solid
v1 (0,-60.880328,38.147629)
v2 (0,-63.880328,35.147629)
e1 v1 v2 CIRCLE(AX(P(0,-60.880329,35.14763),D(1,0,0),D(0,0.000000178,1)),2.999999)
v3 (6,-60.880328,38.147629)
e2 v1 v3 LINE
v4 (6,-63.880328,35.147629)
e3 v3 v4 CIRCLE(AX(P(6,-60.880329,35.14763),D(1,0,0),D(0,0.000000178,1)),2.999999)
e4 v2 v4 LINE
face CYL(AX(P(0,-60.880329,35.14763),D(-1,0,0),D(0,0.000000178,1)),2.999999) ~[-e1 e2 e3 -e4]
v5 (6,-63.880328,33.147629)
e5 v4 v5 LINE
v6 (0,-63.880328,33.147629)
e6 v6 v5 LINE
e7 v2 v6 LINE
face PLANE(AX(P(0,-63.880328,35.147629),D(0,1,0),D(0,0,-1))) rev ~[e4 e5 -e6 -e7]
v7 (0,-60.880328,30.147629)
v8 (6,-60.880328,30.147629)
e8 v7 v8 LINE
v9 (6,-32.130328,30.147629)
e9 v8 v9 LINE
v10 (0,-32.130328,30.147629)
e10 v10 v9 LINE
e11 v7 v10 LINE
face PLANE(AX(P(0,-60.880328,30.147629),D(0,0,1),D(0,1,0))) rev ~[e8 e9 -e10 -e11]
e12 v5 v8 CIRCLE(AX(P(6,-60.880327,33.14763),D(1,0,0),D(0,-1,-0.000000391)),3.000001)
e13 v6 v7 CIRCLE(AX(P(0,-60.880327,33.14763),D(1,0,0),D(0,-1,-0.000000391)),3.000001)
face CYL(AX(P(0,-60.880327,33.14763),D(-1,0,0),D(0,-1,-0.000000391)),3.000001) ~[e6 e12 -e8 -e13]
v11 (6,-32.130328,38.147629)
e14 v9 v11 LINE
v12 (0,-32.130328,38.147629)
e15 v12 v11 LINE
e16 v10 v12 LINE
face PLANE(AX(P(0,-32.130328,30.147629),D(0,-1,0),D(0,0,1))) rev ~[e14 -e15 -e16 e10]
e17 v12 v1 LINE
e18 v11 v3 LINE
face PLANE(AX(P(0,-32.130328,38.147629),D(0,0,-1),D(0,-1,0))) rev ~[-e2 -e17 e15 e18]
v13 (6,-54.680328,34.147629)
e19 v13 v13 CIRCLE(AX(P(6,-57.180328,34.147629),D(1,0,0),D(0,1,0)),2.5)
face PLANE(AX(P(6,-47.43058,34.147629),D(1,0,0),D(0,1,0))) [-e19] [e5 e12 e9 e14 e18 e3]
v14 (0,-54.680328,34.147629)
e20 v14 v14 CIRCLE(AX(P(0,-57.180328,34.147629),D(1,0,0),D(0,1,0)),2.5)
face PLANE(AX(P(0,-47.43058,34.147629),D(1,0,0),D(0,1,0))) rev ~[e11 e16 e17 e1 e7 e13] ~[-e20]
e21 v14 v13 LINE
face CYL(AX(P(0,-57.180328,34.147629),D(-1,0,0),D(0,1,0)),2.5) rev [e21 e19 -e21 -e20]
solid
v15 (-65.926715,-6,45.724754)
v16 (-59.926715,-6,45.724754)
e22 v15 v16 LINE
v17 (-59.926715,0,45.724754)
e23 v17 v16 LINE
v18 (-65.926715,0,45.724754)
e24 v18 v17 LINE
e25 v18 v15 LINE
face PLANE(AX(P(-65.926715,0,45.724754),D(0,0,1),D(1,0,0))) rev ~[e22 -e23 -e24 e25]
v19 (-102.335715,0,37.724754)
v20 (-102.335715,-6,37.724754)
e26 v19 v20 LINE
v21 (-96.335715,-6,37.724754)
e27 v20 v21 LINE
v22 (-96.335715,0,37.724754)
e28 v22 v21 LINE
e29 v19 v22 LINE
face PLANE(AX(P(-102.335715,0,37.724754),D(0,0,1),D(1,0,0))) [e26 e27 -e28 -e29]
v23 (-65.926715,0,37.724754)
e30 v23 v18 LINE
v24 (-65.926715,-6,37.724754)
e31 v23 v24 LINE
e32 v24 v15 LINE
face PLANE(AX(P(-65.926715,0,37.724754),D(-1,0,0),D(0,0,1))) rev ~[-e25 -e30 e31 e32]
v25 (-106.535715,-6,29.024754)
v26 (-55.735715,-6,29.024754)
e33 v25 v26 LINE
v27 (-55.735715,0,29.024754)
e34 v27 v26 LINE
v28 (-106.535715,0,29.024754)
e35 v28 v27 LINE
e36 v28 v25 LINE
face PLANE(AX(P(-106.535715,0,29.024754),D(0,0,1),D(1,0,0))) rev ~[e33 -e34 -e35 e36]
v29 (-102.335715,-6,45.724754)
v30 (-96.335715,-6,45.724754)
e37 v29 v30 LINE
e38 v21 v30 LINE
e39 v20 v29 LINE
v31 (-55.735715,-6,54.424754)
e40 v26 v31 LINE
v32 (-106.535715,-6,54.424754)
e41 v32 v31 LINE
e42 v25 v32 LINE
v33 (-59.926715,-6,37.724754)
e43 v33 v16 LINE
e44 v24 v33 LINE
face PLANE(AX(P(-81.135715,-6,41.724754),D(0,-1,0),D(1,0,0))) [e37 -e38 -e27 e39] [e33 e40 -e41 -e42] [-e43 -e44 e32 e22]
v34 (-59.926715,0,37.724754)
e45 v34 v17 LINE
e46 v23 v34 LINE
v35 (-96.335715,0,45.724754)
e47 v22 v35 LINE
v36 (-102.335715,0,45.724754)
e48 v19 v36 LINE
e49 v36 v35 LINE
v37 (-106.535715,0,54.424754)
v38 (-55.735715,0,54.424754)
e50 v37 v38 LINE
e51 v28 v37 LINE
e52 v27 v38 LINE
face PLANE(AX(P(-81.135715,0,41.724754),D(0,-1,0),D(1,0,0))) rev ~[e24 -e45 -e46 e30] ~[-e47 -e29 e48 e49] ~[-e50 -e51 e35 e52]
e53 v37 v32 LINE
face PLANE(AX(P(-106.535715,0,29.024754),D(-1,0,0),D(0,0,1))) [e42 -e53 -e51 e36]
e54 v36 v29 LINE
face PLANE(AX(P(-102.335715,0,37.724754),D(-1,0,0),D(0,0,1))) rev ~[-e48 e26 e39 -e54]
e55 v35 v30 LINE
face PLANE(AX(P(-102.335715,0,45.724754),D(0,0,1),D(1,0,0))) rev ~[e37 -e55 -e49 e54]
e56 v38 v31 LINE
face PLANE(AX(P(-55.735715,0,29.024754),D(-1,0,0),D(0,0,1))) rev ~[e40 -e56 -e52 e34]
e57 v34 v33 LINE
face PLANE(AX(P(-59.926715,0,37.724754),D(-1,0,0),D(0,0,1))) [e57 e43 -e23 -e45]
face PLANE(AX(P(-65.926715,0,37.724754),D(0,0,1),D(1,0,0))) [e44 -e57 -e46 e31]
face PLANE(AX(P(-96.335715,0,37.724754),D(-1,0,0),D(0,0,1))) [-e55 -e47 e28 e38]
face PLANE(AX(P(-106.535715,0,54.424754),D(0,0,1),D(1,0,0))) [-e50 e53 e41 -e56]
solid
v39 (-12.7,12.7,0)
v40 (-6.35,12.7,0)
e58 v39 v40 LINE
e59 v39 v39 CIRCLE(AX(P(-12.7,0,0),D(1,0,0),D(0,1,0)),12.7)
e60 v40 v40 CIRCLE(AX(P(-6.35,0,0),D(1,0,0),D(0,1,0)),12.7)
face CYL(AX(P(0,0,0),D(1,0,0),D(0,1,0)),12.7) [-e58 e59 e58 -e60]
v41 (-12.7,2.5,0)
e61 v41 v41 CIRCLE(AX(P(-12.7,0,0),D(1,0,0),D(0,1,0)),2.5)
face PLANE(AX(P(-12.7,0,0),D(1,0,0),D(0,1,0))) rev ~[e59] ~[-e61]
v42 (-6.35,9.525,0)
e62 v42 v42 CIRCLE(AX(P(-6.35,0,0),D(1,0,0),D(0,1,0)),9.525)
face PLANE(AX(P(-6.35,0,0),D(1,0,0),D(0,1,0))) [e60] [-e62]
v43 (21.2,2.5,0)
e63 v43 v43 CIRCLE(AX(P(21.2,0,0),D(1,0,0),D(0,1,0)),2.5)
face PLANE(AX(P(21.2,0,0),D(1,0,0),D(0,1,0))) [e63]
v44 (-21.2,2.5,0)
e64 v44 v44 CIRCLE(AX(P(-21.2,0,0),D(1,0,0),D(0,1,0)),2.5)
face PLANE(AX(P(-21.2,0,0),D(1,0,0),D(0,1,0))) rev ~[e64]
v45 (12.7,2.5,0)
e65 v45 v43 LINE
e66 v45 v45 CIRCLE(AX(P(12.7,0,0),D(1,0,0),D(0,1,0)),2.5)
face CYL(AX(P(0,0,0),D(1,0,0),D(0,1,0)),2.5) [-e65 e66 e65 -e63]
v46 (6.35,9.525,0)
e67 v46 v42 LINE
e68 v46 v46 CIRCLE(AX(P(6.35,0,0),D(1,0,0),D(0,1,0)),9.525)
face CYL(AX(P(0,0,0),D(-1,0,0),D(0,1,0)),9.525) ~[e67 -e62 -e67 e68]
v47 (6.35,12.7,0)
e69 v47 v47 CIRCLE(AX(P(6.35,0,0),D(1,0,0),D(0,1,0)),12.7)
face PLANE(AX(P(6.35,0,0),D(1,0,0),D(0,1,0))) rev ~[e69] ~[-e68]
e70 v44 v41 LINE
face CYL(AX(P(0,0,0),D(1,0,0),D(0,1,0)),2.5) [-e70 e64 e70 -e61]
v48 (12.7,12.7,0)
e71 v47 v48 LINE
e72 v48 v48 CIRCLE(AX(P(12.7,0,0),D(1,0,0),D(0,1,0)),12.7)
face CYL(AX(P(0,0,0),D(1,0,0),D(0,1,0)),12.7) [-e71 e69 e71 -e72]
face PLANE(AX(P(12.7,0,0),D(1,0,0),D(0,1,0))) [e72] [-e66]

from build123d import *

# Parameters (mm, degrees)
F0_R     = 2.5
F1_DEPTH = 21.2
F0_R_2   = 12.7
F0_R_3   = 9.525
F2_DEPTH = 12.7
F3_DEPTH = 6.35
F4_R     = 2.5
F5_DEPTH = 6
F6_W     = 50.8
F6_H     = 25.4
F6_W_2   = 6
F6_H_2   = 8
F7_DEPTH = 6


with BuildPart() as f1:
    # F0 (on Right) → F1 (new body, symmetric)
    with BuildSketch(Plane.YZ):
        Circle(F0_R)
    extrude(amount=F1_DEPTH, both=True)

    # F0 (on Right) → F2 (join, symmetric)
    with BuildSketch(Plane.YZ):
        Circle(F0_R_2)
        Circle(F0_R_3, mode=Mode.SUBTRACT)
        Circle(F0_R_3)
        Circle(F0_R, mode=Mode.SUBTRACT)
    extrude(amount=F2_DEPTH, both=True)

    # F0 (on Right) → F3 (cut, symmetric)
    with BuildSketch(Plane.YZ):
        Circle(F0_R_2)
        Circle(F0_R_3, mode=Mode.SUBTRACT)
    extrude(amount=F3_DEPTH, both=True, mode=Mode.SUBTRACT)


with BuildPart() as f5:
    # F4 (on Right) → F5 (new body)
    with BuildSketch(Plane.YZ):
        with BuildLine():
            Line((-60.880328, 30.147629), (-32.130328, 30.147629))
            Line((-32.130328, 30.147629), (-32.130328, 38.147629))
            Line((-32.130328, 38.147629), (-60.880328, 38.147629))
            ThreePointArc((-60.880328, 38.147629), (-63.001648, 37.26895), (-63.880328, 35.147629))
            Line((-63.880328, 35.147629), (-63.880328, 33.147629))
            ThreePointArc((-63.880328, 33.147629), (-63.001648, 31.026309), (-60.880328, 30.147629))
        make_face()
        with Locations((-57.180328, 34.147629)):
            Circle(F4_R, mode=Mode.SUBTRACT)
    extrude(amount=F5_DEPTH)


with BuildPart() as f7:
    # F6 (on Front) → F7 (new body)
    with BuildSketch(Plane.XZ):
        with Locations((-81.135715, 41.724754)):
            Rectangle(F6_W, F6_H)
        with Locations((-99.335715, 41.724754)):
            Rectangle(F6_W_2, F6_H_2, mode=Mode.SUBTRACT)
        with Locations((-62.926715, 41.724754)):
            Rectangle(F6_W_2, F6_H_2, mode=Mode.SUBTRACT)
    extrude(amount=F7_DEPTH)


solid = Compound([f1.part, f5.part, f7.part])
